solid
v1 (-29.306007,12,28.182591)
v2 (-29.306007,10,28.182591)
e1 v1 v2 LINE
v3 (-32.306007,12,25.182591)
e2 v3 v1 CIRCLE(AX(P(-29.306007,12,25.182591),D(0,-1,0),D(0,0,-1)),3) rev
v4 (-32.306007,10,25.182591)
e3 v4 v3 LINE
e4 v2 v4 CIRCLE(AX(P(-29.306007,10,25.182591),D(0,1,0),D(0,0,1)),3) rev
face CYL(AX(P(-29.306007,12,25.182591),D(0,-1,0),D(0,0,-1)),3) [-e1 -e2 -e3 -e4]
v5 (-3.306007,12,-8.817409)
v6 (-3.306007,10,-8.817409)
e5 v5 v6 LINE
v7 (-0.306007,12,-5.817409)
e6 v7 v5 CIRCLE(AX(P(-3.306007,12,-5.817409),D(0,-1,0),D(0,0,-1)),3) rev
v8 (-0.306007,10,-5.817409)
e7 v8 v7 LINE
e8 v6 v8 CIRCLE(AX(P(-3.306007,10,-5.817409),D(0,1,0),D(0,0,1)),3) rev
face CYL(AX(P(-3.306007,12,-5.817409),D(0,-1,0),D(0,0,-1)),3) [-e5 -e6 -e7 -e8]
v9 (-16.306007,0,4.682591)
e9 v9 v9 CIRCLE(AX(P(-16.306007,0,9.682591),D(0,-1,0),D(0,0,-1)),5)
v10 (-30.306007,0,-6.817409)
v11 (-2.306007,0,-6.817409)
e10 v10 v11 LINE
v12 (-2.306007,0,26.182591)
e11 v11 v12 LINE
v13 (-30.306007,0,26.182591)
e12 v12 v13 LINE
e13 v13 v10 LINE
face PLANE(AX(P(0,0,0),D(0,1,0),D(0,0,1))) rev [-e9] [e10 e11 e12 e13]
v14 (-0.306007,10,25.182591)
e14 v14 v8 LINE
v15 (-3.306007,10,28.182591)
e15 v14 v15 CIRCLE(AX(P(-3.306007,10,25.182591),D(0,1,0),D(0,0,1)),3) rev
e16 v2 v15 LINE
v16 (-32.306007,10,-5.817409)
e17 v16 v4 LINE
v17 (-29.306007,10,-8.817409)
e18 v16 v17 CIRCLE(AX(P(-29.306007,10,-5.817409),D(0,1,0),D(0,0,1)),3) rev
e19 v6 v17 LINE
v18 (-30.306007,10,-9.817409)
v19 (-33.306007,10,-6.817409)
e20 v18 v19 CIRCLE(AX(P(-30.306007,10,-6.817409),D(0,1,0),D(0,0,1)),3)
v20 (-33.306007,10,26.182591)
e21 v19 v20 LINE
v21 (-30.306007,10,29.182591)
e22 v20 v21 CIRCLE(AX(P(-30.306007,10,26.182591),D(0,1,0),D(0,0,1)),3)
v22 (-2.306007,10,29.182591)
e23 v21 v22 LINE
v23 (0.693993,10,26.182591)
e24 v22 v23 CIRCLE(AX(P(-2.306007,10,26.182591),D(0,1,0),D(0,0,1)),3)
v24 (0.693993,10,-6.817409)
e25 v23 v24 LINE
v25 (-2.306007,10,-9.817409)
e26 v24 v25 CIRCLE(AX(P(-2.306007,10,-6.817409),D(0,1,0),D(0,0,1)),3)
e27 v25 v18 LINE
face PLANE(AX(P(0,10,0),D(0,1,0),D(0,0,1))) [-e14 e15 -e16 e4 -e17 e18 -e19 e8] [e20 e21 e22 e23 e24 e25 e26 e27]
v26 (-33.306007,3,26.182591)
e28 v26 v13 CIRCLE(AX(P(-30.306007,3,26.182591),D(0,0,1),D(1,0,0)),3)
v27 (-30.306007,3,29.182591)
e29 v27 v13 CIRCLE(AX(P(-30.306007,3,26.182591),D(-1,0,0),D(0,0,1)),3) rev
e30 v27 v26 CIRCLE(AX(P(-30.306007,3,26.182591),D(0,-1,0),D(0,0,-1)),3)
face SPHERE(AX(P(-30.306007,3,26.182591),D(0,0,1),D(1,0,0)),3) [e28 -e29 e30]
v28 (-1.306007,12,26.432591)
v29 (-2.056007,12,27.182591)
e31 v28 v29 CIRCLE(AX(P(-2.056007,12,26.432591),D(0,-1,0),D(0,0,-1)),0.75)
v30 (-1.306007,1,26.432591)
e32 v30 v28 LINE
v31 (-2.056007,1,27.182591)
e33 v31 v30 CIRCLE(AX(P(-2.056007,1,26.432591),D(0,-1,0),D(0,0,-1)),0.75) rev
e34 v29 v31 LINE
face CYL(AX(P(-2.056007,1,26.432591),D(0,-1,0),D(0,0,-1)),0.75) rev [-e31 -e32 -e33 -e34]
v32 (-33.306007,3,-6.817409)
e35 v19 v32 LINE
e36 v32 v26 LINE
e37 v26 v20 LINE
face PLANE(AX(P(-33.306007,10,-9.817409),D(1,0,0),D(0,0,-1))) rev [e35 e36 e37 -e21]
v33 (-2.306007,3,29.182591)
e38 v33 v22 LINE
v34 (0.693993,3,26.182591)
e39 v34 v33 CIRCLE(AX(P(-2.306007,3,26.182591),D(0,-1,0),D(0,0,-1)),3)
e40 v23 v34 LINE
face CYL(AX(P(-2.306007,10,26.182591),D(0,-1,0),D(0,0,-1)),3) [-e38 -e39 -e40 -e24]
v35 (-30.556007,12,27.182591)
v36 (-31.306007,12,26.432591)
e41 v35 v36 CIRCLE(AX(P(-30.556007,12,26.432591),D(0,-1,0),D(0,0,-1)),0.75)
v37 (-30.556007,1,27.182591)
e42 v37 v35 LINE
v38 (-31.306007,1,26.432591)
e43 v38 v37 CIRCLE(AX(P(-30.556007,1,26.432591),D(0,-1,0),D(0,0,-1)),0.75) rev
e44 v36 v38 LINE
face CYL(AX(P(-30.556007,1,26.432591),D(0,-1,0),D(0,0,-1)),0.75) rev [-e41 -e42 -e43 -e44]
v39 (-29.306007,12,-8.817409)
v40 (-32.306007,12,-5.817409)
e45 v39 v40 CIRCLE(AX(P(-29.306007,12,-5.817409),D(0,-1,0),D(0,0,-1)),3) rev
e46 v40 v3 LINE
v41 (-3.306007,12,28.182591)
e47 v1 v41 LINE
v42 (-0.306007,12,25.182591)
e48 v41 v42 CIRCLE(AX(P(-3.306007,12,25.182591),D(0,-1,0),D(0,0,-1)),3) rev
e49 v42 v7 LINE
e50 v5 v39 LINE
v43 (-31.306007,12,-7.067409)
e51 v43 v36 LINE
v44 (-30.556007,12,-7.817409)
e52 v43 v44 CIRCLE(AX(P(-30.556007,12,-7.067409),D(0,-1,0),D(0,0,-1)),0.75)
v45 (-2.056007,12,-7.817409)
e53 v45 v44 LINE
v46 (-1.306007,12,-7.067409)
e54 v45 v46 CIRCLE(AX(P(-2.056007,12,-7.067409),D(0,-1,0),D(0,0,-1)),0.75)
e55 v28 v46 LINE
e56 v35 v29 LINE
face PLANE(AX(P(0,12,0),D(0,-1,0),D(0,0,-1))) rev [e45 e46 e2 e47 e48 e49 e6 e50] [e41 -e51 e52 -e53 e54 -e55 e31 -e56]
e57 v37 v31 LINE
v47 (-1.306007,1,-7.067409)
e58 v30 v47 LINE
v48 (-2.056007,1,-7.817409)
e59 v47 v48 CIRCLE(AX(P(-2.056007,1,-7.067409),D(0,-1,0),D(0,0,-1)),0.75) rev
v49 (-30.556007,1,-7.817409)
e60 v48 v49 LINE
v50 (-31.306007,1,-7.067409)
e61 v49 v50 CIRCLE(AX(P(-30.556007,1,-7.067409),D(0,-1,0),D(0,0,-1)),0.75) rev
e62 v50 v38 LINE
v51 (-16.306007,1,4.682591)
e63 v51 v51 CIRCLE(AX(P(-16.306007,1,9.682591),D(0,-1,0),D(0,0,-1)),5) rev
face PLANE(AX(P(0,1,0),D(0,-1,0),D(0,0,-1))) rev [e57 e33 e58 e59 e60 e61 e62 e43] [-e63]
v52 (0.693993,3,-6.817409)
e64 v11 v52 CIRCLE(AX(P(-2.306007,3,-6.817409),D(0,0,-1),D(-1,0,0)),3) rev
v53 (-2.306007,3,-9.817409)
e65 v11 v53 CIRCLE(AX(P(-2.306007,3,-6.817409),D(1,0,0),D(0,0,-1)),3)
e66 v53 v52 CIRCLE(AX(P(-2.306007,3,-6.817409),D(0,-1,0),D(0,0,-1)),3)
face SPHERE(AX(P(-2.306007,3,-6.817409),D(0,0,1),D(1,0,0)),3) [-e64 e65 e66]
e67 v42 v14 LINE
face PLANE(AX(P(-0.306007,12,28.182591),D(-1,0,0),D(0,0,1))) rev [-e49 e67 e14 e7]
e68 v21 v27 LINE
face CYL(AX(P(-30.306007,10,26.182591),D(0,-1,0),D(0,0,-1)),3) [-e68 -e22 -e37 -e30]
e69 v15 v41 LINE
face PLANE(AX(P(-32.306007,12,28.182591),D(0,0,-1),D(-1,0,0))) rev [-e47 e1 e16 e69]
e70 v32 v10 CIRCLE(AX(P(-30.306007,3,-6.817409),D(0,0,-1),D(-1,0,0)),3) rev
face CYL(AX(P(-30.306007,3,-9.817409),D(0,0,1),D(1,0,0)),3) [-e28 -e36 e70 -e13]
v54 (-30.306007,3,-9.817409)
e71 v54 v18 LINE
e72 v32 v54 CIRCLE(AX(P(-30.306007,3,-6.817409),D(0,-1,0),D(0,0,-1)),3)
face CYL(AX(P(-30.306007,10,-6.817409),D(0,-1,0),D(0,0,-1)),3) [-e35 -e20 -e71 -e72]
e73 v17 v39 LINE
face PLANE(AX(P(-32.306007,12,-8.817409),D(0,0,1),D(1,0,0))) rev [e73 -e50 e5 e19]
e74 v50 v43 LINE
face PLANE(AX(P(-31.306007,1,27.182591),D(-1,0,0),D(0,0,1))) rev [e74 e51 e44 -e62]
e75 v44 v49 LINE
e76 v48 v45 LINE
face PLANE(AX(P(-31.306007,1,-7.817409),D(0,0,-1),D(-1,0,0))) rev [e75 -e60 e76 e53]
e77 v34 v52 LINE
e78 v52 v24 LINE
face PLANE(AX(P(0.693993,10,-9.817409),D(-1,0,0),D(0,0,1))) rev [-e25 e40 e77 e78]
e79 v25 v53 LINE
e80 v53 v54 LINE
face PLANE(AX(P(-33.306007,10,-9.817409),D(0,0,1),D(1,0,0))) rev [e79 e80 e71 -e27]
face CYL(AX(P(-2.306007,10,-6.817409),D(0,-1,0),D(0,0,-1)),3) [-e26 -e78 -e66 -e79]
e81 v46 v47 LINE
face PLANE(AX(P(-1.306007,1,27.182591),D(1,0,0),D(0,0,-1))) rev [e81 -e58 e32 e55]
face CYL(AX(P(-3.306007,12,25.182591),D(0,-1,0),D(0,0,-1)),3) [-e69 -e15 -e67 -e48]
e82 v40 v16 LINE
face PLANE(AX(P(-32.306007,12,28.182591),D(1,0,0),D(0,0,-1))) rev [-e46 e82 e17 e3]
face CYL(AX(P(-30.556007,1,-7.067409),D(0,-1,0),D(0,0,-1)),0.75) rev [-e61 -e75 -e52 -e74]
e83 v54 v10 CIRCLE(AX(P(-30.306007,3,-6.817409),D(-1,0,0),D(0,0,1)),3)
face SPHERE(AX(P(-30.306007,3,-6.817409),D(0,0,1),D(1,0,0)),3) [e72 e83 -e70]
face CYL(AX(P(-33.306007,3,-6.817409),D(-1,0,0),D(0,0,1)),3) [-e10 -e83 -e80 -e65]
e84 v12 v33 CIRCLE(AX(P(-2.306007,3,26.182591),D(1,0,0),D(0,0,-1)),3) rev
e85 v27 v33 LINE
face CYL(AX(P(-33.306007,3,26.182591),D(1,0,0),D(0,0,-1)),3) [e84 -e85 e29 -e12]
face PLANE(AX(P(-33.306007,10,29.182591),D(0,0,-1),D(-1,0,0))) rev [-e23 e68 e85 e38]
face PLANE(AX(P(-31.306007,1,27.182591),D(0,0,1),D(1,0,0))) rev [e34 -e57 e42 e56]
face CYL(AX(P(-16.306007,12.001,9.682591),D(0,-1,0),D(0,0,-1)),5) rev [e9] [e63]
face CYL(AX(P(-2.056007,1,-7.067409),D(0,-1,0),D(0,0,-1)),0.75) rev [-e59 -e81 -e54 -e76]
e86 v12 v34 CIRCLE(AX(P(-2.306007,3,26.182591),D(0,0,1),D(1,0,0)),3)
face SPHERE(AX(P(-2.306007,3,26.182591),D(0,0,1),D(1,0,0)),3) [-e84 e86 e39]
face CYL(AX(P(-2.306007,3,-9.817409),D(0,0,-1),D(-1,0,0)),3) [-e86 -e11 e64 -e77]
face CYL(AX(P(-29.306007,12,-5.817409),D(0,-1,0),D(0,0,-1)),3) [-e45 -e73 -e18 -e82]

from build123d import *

# Parameters (mm, degrees)
SCHIZZO1_W                   = 34
SCHIZZO1_H                   = 39
ESTRUSIONE_ESTRUSIONE1_DEPTH = 10
SCHIZZO4_W                   = 32
SCHIZZO4_H                   = 37
ESTRUSIONE_ESTRUSIONE2_DEPTH = 2
SCHIZZO5_W                   = 30
SCHIZZO5_H                   = 35
TAGLIO_ESTRUSIONE2_DEPTH     = 11
RACCORDO1_R                  = 3
RACCORDO2_R                  = 0.75
TAGLIO_ESTRUSIONE3_REACH     = 47.879
SCHIZZO6_R                   = 5


with BuildPart() as part:
    # Schizzo1 → Estrusione-Estrusione1 (new body)
    with BuildSketch(Plane(origin=(0, 0, 0), x_dir=(1, 0, 0), z_dir=(0, 1, 0))):
        with Locations((-16.306007172, -9.682590788)):
            Rectangle(SCHIZZO1_W, SCHIZZO1_H)
    extrude(amount=ESTRUSIONE_ESTRUSIONE1_DEPTH)

    # Schizzo4 → Estrusione-Estrusione2 (add)
    with BuildSketch(Plane(origin=(0, 10, 0), x_dir=(1, 0, 0), z_dir=(0, 1, 0))):
        with Locations((-16.306007172, -9.682590788)):
            Rectangle(SCHIZZO4_W, SCHIZZO4_H)
    extrude(amount=ESTRUSIONE_ESTRUSIONE2_DEPTH)

    # Schizzo5 → Taglio-Estrusione2 (cut)
    with BuildSketch(Plane(origin=(0, 12, 0), x_dir=(1, 0, 0), z_dir=(0, 1, 0))):
        with Locations((-16.306007172, -9.682590788)):
            Rectangle(SCHIZZO5_W, SCHIZZO5_H)
    extrude(amount=-TAGLIO_ESTRUSIONE2_DEPTH, mode=Mode.SUBTRACT)

    # Raccordo1
    raccordo1_edges = [part.edges().sort_by_distance(p)[0] for p in [
        (-32.306007172, 11, -8.817409212),
        (-32.306007172, 11, 28.182590788),
        (-0.306007172, 11, 28.182590788),
        (-0.306007172, 11, -8.817409212),
        (-16.306007172, 0, -9.817409212),
        (0.693992828, 0, 9.682590788),
        (-16.306007172, 0, 29.182590788),
        (-33.306007172, 0, 9.682590788),
        (-33.306007172, 5, -9.817409212),
        (0.693992828, 5, -9.817409212),
        (0.693992828, 5, 29.182590788),
        (-33.306007172, 5, 29.182590788),
    ]]
    fillet(raccordo1_edges, radius=RACCORDO1_R)

    # Raccordo2
    raccordo2_edges = [part.edges().sort_by_distance(p)[0] for p in [
        (-31.306007172, 6.5, 27.182590788),
        (-31.306007172, 6.5, -7.817409212),
        (-1.306007172, 6.5, -7.817409212),
        (-1.306007172, 6.5, 27.182590788),
    ]]
    fillet(raccordo2_edges, radius=RACCORDO2_R)

    # Schizzo6 → Taglio-Estrusione3 (cut, up to next)
    with BuildSketch(Plane.XZ, mode=Mode.PRIVATE) as taglio_estrusione3_sk1:
        with Locations(Location((-16.306007172, 9.682590788, 0), (0, 0, 270))):
            Circle(SCHIZZO6_R)
    taglio_estrusione3_tool1 = extrude(taglio_estrusione3_sk1.sketch, amount=-TAGLIO_ESTRUSIONE3_REACH, mode=Mode.PRIVATE) & part.part
    add(taglio_estrusione3_tool1.solids().sort_by_distance((-16.306007, 0, 9.682591))[0], mode=Mode.SUBTRACT)


solid = part.part
